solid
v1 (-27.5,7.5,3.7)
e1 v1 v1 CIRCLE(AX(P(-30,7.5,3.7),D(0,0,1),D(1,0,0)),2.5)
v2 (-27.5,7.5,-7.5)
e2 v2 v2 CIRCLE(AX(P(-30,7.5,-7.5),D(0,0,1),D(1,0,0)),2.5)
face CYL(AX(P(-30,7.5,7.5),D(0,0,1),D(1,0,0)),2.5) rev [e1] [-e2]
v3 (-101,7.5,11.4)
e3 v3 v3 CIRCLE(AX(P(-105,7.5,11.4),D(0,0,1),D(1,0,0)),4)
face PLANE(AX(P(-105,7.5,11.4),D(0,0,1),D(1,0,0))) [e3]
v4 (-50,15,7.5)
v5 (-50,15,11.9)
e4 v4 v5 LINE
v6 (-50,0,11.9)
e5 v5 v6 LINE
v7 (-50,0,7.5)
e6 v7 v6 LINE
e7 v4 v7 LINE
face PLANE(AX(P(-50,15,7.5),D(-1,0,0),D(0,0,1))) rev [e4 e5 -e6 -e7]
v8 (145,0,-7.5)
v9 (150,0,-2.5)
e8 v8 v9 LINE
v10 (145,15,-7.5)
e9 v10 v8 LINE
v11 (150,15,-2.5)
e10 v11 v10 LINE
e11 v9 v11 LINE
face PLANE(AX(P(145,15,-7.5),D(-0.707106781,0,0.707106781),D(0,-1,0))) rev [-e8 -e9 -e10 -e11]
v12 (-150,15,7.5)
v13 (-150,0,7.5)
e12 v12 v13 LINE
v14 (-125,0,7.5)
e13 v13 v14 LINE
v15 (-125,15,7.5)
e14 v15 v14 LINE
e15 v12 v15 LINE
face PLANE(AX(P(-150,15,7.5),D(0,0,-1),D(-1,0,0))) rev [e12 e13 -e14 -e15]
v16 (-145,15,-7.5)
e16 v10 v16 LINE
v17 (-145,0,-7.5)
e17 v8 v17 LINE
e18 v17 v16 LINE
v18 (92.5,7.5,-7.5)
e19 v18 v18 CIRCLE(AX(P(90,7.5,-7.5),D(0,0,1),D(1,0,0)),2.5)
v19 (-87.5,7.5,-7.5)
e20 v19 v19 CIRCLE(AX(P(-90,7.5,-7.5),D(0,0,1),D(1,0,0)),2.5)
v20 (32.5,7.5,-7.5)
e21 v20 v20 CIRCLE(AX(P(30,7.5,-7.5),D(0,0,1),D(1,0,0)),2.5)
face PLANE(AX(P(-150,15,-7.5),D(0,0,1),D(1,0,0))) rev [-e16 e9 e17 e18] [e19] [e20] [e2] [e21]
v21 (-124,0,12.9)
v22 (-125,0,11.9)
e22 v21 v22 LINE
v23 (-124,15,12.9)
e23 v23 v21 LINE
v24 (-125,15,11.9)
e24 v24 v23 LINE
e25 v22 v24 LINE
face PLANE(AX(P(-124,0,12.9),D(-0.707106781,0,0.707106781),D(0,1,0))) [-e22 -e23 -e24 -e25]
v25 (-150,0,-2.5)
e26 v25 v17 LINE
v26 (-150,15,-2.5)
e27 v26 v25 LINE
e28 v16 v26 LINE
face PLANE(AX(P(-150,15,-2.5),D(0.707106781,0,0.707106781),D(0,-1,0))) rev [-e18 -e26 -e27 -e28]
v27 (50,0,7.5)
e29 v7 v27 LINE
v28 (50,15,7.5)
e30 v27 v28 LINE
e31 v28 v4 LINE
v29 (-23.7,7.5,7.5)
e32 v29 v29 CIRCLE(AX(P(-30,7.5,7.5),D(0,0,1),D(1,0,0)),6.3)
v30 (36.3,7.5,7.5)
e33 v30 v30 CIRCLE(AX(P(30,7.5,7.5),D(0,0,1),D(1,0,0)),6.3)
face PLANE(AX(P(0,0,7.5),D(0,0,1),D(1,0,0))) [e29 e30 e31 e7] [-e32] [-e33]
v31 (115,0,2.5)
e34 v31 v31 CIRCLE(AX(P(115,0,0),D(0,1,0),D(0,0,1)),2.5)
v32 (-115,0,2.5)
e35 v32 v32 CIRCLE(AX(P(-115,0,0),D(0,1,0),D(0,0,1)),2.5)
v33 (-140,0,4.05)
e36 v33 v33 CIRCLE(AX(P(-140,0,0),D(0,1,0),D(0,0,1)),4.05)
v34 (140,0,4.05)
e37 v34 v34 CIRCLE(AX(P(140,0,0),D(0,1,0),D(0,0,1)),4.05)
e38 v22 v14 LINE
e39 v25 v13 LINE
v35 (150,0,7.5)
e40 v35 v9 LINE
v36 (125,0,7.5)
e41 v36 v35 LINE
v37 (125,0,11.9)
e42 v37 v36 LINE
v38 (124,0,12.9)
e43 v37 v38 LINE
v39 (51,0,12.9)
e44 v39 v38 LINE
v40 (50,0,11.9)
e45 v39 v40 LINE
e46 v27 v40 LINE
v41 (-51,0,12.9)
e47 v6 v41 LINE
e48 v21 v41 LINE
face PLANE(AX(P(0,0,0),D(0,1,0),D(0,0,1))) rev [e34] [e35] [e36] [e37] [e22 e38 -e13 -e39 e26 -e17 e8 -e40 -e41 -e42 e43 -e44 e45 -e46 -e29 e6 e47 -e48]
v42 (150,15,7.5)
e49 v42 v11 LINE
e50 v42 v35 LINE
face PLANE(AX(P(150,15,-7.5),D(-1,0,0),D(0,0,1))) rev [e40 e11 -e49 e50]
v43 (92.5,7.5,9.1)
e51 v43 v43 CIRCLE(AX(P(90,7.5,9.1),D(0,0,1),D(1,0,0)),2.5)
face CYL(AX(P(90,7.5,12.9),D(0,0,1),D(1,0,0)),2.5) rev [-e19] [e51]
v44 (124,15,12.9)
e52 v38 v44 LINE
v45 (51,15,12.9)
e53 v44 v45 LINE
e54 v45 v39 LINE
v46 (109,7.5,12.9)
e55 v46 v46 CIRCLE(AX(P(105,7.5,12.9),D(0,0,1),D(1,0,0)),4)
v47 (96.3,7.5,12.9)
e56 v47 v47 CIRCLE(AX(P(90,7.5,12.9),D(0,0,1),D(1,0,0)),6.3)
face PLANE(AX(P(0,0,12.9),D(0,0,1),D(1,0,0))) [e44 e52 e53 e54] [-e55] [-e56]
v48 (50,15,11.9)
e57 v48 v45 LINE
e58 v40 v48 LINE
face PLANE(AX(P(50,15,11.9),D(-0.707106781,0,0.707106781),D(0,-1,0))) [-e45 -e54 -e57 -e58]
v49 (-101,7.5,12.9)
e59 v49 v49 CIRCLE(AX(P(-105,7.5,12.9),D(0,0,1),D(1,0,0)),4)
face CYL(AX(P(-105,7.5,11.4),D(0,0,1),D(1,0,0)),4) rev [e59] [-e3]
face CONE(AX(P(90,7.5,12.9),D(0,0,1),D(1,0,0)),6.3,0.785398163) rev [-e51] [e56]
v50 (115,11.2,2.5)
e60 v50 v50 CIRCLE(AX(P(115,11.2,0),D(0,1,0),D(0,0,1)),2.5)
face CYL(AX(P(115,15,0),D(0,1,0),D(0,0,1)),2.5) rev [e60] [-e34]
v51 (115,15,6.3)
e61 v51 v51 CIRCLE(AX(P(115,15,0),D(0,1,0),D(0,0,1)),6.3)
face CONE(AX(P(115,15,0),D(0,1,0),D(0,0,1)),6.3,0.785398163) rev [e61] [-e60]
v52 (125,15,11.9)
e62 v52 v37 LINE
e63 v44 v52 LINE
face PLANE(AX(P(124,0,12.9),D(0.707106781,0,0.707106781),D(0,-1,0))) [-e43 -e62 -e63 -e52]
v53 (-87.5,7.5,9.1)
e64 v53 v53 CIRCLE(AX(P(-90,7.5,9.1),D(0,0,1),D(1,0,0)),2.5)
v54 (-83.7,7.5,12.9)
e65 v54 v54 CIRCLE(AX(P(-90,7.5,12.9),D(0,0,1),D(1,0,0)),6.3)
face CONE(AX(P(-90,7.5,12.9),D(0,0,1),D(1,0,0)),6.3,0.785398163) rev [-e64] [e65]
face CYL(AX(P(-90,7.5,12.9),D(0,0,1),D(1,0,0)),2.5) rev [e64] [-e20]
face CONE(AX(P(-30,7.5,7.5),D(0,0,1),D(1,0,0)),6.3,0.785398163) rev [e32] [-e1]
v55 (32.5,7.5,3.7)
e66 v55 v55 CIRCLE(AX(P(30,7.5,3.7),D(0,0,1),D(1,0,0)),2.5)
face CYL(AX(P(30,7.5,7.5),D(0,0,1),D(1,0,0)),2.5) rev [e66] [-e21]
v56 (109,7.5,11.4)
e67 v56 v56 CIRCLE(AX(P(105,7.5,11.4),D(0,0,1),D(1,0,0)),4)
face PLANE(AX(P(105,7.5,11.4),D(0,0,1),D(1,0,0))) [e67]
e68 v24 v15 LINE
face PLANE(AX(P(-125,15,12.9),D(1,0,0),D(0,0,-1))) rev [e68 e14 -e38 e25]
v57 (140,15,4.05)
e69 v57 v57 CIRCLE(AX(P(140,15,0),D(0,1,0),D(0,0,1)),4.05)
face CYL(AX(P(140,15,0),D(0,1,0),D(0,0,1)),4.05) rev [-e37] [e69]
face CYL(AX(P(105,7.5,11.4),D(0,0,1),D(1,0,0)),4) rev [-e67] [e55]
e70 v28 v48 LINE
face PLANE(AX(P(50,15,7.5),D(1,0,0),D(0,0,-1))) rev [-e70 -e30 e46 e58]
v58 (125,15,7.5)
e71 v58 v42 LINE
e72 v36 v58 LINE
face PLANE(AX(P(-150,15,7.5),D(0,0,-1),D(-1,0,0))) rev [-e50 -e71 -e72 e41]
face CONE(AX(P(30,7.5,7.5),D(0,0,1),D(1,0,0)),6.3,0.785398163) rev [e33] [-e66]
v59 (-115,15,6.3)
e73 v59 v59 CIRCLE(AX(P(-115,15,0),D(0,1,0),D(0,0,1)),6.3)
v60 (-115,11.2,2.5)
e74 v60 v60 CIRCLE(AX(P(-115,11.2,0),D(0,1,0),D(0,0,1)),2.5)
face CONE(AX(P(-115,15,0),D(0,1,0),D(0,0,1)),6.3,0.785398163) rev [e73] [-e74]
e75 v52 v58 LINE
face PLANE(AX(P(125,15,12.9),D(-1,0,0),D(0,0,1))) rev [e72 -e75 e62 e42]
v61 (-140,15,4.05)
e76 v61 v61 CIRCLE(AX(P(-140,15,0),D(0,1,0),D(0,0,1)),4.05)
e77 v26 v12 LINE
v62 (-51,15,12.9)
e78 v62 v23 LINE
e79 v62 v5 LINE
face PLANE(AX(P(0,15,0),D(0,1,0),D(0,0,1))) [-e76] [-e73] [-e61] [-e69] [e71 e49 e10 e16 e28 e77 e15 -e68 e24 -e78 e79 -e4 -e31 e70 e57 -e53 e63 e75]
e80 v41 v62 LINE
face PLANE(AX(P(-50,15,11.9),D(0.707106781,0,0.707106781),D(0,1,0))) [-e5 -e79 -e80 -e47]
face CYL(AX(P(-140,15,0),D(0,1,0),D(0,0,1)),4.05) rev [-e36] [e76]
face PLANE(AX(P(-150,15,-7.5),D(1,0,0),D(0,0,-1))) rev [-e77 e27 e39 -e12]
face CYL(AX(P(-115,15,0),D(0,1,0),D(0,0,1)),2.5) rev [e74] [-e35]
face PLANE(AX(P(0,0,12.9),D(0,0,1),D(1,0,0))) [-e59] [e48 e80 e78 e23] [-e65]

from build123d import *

# Parameters (mm, degrees)
SKETCH_1_W                   = 300
SKETCH_1_H                   = 15
EXTRUDE_328_DEPTH            = 15
HOLE_WIZARD_M6_D             = 5
HOLE_WIZARD_M6_CSINK_D       = 12.6
HOLE_WIZARD_M6_CSINK_ANGLE   = 90
HOLE_WIZARD_8_1_D            = 8.1
SKETCH_8_W                   = 250
SKETCH_8_H                   = 15
EXTRUDE_2374_DEPTH           = 5.4
SKETCH_9_R                   = 4
CUT_EXTRUDE_2694_DEPTH       = 1.5
SKETCH_10_W                  = 100
SKETCH_10_H                  = 15
CUT_EXTRUDE_2982_DEPTH       = 5.4
HOLE_WIZARD_1_M6_D           = 5
HOLE_WIZARD_1_M6_CSINK_D     = 12.6
HOLE_WIZARD_1_M6_CSINK_ANGLE = 90
HOLE_WIZARD_2_M6_D           = 5
HOLE_WIZARD_2_M6_CSINK_D     = 12.6
HOLE_WIZARD_2_M6_CSINK_ANGLE = 90
CHAMFER_1_SIZE               = 5
CHAMFER_2_SIZE               = 1


with BuildPart() as part:
    # Эскиз1 → Extrude 328 (new body)
    with BuildSketch(Plane(origin=(0, 0, 0), x_dir=(1, 0, 0), z_dir=(0, 1, 0))):
        Rectangle(SKETCH_1_W, SKETCH_1_H)
    extrude(amount=EXTRUDE_328_DEPTH)

    # Крепление шарнира M6 (through all)
    with Locations(Plane(origin=(0, 15, 0), x_dir=(1, 0, 0), z_dir=(0, 1, 0))):
        with Locations((-115, 0), (115, 0)):
            CounterSinkHole(HOLE_WIZARD_M6_D / 2, HOLE_WIZARD_M6_CSINK_D / 2, counter_sink_angle=HOLE_WIZARD_M6_CSINK_ANGLE)

    # Отверстие-8.1мм (through all)
    with Locations(Plane(origin=(0, 15, 0), x_dir=(1, 0, 0), z_dir=(0, 1, 0))):
        with Locations((-140, 0), (140, 0)):
            Hole(HOLE_WIZARD_8_1_D / 2)

    # Эскиз8 → Extrude 2374 (add)
    with BuildSketch(Plane.XY.offset(7.5)):
        with Locations((0, 7.5)):
            Rectangle(SKETCH_8_W, SKETCH_8_H)
    extrude(amount=EXTRUDE_2374_DEPTH)

    # Эскиз9 → Cut-Extrude 2694 (cut)
    with BuildSketch(Plane.XY.offset(12.9)):
        with Locations((-105, 7.5)):
            Circle(SKETCH_9_R)
        with Locations((105, 7.5)):
            Circle(SKETCH_9_R)
    extrude(amount=-CUT_EXTRUDE_2694_DEPTH, mode=Mode.SUBTRACT)

    # Эскиз10 → Cut-Extrude 2982 (cut)
    with BuildSketch(Plane.XY.offset(12.9)):
        with Locations((0, 7.5)):
            Rectangle(SKETCH_10_W, SKETCH_10_H)
    extrude(amount=-CUT_EXTRUDE_2982_DEPTH, mode=Mode.SUBTRACT)

    # Прижим-1-M6 (through all)
    with Locations(Plane.XY.offset(12.9)):
        with Locations((-90, 7.5), (90, 7.5)):
            CounterSinkHole(HOLE_WIZARD_1_M6_D / 2, HOLE_WIZARD_1_M6_CSINK_D / 2, counter_sink_angle=HOLE_WIZARD_1_M6_CSINK_ANGLE)

    # Прижим-2-M6 (through all)
    with Locations(Plane.XY.offset(7.5)):
        with Locations((-30, 7.5), (30, 7.5)):
            CounterSinkHole(HOLE_WIZARD_2_M6_D / 2, HOLE_WIZARD_2_M6_CSINK_D / 2, counter_sink_angle=HOLE_WIZARD_2_M6_CSINK_ANGLE)

    # Фаска1
    chamfer_1_edges = [part.edges().sort_by_distance(p)[0] for p in [
        (-150, 7.5, -7.5),
        (150, 7.5, -7.5),
    ]]
    chamfer(chamfer_1_edges, length=CHAMFER_1_SIZE)

    # Фаска2
    chamfer_2_edges = [part.edges().sort_by_distance(p)[0] for p in [
        (-125, 7.5, 12.9),
        (125, 7.5, 12.9),
        (-50, 7.5, 12.9),
        (50, 7.5, 12.9),
    ]]
    chamfer(chamfer_2_edges, length=CHAMFER_2_SIZE)


solid = part.part
